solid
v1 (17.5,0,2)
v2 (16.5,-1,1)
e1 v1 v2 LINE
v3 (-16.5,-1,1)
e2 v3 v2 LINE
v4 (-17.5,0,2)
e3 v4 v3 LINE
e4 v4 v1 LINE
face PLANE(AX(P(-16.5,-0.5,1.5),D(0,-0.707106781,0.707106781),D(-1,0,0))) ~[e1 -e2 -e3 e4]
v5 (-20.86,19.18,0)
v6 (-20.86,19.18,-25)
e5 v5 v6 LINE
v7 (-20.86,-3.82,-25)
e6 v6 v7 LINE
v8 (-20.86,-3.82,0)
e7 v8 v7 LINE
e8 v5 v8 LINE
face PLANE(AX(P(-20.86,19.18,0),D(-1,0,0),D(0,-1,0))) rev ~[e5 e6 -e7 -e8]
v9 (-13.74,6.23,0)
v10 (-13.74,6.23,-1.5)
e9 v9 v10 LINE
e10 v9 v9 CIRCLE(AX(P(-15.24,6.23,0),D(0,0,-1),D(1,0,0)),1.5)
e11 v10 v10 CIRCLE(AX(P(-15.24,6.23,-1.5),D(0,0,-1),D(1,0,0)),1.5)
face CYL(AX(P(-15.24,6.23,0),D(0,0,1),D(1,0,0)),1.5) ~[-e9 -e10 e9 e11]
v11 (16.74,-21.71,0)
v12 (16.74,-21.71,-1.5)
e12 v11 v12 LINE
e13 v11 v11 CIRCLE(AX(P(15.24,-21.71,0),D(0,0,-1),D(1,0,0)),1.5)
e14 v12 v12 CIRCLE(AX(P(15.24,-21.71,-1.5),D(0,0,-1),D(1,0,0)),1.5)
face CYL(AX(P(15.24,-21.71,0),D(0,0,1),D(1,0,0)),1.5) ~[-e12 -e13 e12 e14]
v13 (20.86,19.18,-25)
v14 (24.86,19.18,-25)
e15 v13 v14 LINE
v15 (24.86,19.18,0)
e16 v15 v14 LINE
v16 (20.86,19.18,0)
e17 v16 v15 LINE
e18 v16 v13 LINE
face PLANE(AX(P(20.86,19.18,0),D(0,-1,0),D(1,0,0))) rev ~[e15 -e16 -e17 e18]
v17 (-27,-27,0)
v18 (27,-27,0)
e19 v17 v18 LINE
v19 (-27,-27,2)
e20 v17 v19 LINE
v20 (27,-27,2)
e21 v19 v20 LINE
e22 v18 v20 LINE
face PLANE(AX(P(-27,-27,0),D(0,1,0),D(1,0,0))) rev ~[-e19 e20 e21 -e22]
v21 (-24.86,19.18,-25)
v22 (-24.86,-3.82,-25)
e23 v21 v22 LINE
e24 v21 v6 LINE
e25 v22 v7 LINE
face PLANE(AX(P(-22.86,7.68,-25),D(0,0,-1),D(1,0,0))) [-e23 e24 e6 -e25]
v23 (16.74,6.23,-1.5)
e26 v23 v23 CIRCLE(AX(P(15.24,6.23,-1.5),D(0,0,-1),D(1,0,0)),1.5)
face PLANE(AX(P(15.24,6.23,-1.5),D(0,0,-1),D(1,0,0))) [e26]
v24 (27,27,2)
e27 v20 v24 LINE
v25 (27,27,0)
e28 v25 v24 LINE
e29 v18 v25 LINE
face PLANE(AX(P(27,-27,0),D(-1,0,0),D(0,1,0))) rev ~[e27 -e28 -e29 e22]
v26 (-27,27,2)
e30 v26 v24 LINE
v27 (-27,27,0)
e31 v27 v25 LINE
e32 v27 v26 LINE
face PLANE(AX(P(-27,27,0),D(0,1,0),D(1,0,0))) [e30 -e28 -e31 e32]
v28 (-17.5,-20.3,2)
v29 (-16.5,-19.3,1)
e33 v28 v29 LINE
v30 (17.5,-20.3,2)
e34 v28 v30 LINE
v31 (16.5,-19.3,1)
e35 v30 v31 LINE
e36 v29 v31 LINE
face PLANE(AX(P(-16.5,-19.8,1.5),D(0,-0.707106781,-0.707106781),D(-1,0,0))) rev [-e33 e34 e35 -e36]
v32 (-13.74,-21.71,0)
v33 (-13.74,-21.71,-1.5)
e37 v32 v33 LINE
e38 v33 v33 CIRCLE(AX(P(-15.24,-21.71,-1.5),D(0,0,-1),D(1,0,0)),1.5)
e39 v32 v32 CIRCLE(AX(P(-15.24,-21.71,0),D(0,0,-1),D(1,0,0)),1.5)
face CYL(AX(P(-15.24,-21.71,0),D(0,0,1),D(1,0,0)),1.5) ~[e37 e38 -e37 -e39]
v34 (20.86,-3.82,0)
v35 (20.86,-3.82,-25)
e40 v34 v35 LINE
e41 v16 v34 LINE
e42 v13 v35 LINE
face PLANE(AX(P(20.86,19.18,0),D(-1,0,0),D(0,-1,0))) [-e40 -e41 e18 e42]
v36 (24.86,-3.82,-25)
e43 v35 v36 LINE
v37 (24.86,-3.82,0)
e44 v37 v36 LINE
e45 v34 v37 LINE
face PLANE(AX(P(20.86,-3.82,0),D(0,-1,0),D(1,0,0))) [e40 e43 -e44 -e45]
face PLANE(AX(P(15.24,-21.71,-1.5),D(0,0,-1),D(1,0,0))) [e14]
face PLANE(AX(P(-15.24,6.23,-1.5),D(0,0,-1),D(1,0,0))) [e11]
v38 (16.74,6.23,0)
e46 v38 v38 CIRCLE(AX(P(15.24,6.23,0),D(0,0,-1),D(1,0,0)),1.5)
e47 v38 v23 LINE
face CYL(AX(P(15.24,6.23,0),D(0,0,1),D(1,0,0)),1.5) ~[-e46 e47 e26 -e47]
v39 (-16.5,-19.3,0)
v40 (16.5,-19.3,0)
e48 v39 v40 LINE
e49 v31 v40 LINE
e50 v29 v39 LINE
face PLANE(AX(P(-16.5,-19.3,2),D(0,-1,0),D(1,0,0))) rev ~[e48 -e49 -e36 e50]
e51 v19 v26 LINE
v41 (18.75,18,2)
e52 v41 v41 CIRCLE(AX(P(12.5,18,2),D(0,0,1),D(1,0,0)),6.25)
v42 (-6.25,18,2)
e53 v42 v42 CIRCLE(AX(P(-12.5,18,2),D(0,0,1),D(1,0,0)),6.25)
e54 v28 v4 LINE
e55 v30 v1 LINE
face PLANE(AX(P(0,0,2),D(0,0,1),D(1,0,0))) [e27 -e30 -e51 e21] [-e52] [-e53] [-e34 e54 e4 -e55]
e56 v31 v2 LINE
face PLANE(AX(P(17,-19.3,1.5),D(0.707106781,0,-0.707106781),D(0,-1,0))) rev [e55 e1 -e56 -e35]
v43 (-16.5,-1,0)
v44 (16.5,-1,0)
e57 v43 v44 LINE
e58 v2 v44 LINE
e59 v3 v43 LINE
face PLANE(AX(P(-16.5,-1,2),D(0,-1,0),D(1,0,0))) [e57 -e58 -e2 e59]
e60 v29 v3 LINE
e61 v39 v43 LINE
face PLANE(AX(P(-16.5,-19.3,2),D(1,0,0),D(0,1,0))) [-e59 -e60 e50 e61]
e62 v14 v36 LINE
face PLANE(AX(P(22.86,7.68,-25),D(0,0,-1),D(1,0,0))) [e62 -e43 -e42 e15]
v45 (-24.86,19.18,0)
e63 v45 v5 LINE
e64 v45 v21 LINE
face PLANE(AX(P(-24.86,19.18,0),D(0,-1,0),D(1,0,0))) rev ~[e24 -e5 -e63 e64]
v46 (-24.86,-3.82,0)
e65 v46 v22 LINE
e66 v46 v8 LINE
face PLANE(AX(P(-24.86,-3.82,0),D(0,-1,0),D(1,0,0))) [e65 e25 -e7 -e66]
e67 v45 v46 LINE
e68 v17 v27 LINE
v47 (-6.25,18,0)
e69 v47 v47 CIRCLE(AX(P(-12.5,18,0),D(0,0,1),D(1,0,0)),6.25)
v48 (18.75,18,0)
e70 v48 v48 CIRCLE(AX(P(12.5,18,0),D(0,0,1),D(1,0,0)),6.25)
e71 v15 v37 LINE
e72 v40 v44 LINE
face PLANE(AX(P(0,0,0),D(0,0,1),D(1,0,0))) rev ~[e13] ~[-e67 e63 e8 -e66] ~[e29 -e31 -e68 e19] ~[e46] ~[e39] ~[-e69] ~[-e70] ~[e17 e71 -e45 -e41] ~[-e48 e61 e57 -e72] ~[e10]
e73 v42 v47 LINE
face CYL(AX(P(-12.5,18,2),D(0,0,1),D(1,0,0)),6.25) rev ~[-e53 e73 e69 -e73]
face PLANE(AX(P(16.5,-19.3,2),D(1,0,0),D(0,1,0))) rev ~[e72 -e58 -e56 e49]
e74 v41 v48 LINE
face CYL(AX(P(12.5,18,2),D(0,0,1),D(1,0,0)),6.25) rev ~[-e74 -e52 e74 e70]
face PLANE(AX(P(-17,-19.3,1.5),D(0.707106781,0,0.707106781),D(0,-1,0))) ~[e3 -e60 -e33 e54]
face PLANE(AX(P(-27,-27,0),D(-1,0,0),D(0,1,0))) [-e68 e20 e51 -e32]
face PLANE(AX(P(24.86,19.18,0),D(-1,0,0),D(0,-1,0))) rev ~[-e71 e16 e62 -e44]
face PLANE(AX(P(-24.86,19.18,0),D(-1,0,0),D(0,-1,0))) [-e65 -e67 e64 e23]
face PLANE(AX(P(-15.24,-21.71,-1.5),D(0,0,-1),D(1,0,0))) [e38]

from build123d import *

# Parameters (mm, degrees)
SKETCH009_W     = 54
SKETCH009_H     = 54
PAD002_DEPTH    = 2
SKETCH008_R     = 6.25
SKETCH008_W     = 33
SKETCH008_H     = 18.3
POCKET006_DEPTH = 2
SKETCH013_R     = 1.5
PAD004_DEPTH    = 1.5
SKETCH014_W     = 4
SKETCH014_H     = 23
PAD005_DEPTH    = 25
CHAMFER001_SIZE = 1


with BuildPart() as part:
    # Sketch009 → Pad002 (new body)
    with BuildSketch(Plane.XY):
        Rectangle(SKETCH009_W, SKETCH009_H)
    extrude(amount=PAD002_DEPTH)

    # Sketch008 (on Face6 of Pad002) → Pocket006 (cut)
    with BuildSketch(Plane.XY.offset(2)):
        with Locations((-12.5, 18)):
            Circle(SKETCH008_R)
        with Locations((12.5, 18)):
            Circle(SKETCH008_R)
        with Locations((0, -10.15)):
            Rectangle(SKETCH008_W, SKETCH008_H)
    extrude(amount=-POCKET006_DEPTH, mode=Mode.SUBTRACT)

    # Sketch013 (on Face4 of Pocket006) → Pad004 (join)
    with BuildSketch(Plane(origin=(0, 0, 0), x_dir=(1, 0, 0), z_dir=(0, 0, -1))):
        with Locations((-15.24, 21.71)):
            Circle(SKETCH013_R)
        with Locations((15.24, 21.71)):
            Circle(SKETCH013_R)
        with Locations((15.24, -6.23)):
            Circle(SKETCH013_R)
        with Locations((-15.24, -6.23)):
            Circle(SKETCH013_R)
    extrude(amount=PAD004_DEPTH)

    # Sketch014 (on Face4 of Pad004) → Pad005 (join)
    with BuildSketch(Plane(origin=(0, 0, 0), x_dir=(1, 0, 0), z_dir=(0, 0, -1))):
        with Locations((-22.86, -7.68)):
            Rectangle(SKETCH014_W, SKETCH014_H)
        with Locations((22.86, -7.68)):
            Rectangle(SKETCH014_W, SKETCH014_H)
    extrude(amount=PAD005_DEPTH)

    # Chamfer001
    chamfer001_edges = [part.edges().sort_by_distance(p)[0] for p in [
        (0, -19.3, 2),
        (-16.5, -10.15, 2),
        (0, -1, 2),
        (16.5, -10.15, 2),
    ]]
    chamfer(chamfer001_edges, length=CHAMFER001_SIZE)


solid = part.part
